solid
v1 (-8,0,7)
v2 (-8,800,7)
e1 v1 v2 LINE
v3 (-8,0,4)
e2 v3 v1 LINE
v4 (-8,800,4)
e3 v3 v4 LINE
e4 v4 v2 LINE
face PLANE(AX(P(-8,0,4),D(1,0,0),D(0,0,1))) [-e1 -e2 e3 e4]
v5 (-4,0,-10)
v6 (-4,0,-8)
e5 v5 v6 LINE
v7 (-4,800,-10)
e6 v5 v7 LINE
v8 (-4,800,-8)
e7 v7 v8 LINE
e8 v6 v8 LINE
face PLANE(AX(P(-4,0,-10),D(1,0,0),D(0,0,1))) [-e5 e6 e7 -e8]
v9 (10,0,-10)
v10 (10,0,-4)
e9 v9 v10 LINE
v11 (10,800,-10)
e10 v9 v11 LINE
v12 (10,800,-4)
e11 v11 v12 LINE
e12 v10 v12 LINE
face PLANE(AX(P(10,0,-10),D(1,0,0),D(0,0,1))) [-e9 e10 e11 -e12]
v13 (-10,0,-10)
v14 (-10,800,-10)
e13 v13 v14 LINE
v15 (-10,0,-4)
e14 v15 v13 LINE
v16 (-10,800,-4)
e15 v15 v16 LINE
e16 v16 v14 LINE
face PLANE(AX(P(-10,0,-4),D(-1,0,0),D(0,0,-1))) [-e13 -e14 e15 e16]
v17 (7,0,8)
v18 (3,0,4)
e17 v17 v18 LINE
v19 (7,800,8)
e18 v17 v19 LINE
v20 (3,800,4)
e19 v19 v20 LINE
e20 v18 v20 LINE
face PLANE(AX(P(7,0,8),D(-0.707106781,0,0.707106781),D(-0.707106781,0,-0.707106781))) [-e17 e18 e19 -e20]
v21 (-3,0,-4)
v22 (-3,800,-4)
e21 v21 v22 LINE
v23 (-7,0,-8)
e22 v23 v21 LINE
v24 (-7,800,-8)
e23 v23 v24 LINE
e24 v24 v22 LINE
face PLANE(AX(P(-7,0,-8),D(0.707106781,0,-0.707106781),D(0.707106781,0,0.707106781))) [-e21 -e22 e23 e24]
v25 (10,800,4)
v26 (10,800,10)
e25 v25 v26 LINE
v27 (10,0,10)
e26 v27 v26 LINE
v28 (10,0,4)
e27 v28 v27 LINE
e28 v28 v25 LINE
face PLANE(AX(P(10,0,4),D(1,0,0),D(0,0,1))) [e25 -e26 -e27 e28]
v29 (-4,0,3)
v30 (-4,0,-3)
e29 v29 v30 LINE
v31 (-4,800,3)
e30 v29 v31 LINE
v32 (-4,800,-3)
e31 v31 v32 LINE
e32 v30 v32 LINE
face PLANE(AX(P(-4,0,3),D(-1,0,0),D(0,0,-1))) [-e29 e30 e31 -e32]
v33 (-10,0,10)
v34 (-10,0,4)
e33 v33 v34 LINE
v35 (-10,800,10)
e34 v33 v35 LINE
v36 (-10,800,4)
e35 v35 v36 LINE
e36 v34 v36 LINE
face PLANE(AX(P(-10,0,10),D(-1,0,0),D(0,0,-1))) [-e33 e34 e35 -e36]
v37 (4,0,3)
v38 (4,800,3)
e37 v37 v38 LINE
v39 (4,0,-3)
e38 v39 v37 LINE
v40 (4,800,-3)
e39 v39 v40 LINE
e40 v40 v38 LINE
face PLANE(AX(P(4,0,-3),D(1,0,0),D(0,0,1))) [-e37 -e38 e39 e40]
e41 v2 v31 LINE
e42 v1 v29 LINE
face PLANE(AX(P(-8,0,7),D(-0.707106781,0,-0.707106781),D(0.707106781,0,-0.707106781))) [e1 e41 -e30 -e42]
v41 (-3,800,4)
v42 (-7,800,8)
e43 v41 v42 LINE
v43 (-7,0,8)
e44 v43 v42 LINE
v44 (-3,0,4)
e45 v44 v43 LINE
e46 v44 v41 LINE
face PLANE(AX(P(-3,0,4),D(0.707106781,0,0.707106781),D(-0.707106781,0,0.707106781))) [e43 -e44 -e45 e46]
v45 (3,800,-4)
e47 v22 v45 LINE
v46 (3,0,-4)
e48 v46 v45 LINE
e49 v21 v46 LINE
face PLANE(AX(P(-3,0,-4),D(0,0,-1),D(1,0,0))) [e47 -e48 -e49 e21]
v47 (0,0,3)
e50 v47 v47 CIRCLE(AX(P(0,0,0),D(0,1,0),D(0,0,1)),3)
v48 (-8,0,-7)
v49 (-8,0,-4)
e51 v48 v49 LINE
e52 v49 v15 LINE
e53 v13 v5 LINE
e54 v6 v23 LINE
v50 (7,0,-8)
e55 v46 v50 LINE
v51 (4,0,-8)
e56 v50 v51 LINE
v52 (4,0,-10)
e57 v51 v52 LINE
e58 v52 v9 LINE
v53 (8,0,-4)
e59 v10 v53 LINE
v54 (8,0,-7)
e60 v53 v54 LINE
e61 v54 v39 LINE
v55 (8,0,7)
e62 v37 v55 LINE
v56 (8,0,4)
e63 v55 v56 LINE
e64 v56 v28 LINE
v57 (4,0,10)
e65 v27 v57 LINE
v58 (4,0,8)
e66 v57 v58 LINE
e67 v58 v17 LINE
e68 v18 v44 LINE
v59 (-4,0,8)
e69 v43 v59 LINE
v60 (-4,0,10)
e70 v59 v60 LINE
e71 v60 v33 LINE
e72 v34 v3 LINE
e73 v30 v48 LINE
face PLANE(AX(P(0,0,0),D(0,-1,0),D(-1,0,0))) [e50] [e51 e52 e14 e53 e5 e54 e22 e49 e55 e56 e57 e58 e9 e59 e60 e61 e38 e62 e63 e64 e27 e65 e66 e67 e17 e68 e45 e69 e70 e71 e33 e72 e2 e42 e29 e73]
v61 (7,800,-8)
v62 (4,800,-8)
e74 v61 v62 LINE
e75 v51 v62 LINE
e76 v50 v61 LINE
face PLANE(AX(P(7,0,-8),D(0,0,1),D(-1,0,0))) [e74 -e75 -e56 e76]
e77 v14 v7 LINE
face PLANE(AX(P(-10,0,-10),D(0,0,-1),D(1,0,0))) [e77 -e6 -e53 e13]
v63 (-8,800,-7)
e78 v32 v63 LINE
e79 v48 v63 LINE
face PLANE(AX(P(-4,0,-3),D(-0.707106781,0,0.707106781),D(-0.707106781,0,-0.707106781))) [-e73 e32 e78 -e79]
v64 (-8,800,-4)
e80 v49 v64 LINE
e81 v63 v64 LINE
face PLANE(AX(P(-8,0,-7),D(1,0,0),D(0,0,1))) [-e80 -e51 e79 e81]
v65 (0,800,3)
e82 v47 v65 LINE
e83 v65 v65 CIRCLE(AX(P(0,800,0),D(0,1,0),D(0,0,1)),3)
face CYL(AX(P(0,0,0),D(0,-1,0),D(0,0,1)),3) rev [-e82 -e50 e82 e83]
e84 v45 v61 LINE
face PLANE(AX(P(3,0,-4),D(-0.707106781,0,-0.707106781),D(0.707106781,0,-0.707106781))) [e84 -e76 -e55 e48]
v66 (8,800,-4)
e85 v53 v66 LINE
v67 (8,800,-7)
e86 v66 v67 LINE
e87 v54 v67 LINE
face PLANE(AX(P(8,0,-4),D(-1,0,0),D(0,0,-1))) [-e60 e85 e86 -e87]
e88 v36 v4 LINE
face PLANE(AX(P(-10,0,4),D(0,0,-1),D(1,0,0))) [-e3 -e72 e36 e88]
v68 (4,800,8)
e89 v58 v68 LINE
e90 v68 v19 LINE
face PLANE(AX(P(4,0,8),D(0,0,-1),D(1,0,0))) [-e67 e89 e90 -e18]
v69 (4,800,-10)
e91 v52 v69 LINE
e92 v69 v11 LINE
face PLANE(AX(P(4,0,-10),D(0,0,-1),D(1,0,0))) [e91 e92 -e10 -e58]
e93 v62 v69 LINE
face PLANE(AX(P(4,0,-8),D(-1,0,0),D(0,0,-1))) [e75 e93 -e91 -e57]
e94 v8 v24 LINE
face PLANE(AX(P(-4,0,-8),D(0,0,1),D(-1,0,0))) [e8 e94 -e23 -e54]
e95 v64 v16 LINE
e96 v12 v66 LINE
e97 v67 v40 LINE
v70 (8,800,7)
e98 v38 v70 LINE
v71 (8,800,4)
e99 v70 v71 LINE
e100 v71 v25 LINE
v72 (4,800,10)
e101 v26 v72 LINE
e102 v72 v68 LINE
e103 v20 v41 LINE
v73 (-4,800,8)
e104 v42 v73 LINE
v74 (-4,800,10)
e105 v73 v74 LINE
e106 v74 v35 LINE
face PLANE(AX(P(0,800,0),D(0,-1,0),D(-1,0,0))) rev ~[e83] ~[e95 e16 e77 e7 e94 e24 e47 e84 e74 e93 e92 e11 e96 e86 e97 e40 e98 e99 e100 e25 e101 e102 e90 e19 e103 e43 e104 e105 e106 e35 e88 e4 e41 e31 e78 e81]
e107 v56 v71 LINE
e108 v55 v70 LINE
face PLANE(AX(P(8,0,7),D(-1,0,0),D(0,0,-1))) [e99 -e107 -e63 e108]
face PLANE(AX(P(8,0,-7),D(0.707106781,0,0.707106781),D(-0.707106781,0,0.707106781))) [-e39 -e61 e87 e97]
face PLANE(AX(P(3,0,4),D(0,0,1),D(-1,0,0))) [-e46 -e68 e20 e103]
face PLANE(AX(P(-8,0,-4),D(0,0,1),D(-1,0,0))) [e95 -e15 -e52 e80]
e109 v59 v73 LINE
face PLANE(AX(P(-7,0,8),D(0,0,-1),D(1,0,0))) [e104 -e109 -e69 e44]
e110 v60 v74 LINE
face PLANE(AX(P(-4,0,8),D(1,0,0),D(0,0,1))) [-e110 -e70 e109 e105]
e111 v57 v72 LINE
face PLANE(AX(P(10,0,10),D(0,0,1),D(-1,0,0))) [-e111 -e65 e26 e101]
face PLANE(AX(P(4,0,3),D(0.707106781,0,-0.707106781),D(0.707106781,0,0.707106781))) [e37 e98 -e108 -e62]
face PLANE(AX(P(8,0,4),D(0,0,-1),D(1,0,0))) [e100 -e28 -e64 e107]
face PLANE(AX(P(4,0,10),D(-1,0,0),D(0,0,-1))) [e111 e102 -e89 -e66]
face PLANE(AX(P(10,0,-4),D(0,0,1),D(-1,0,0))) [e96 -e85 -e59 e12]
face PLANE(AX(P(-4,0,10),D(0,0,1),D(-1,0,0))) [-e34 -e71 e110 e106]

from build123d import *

# Parameters (mm, degrees)
F_2020_SKETCH_R     = 3
BOSS_EXTRUDE1_DEPTH = 800


with BuildPart() as part:
    # 2020 sketch → Boss-Extrude1 (new body)
    with BuildSketch(Plane(origin=(0, 0, 0), x_dir=(1, 0, 0), z_dir=(0, 1, 0))):
        Polygon((-4, 10), (-4, 8), (-7, 8), (-3, 4), (3, 4), (7, 8), (4, 8), (4, 10), (10, 10), (10, 4), (8, 4), (8, 7), (4, 3), (4, -3), (8, -7), (8, -4), (10, -4), (10, -10), (4, -10), (4, -8), (7, -8), (3, -4), (-3, -4), (-7, -8), (-4, -8), (-4, -10), (-10, -10), (-10, -4), (-8, -4), (-8, -7), (-4, -3), (-4, 3), (-8, 7), (-8, 4), (-10, 4), (-10, 10), align=None)
        with Locations(Location((0, 0, 0), (0, 0, 270))):
            Circle(F_2020_SKETCH_R, mode=Mode.SUBTRACT)
    extrude(amount=BOSS_EXTRUDE1_DEPTH)


solid = part.part
